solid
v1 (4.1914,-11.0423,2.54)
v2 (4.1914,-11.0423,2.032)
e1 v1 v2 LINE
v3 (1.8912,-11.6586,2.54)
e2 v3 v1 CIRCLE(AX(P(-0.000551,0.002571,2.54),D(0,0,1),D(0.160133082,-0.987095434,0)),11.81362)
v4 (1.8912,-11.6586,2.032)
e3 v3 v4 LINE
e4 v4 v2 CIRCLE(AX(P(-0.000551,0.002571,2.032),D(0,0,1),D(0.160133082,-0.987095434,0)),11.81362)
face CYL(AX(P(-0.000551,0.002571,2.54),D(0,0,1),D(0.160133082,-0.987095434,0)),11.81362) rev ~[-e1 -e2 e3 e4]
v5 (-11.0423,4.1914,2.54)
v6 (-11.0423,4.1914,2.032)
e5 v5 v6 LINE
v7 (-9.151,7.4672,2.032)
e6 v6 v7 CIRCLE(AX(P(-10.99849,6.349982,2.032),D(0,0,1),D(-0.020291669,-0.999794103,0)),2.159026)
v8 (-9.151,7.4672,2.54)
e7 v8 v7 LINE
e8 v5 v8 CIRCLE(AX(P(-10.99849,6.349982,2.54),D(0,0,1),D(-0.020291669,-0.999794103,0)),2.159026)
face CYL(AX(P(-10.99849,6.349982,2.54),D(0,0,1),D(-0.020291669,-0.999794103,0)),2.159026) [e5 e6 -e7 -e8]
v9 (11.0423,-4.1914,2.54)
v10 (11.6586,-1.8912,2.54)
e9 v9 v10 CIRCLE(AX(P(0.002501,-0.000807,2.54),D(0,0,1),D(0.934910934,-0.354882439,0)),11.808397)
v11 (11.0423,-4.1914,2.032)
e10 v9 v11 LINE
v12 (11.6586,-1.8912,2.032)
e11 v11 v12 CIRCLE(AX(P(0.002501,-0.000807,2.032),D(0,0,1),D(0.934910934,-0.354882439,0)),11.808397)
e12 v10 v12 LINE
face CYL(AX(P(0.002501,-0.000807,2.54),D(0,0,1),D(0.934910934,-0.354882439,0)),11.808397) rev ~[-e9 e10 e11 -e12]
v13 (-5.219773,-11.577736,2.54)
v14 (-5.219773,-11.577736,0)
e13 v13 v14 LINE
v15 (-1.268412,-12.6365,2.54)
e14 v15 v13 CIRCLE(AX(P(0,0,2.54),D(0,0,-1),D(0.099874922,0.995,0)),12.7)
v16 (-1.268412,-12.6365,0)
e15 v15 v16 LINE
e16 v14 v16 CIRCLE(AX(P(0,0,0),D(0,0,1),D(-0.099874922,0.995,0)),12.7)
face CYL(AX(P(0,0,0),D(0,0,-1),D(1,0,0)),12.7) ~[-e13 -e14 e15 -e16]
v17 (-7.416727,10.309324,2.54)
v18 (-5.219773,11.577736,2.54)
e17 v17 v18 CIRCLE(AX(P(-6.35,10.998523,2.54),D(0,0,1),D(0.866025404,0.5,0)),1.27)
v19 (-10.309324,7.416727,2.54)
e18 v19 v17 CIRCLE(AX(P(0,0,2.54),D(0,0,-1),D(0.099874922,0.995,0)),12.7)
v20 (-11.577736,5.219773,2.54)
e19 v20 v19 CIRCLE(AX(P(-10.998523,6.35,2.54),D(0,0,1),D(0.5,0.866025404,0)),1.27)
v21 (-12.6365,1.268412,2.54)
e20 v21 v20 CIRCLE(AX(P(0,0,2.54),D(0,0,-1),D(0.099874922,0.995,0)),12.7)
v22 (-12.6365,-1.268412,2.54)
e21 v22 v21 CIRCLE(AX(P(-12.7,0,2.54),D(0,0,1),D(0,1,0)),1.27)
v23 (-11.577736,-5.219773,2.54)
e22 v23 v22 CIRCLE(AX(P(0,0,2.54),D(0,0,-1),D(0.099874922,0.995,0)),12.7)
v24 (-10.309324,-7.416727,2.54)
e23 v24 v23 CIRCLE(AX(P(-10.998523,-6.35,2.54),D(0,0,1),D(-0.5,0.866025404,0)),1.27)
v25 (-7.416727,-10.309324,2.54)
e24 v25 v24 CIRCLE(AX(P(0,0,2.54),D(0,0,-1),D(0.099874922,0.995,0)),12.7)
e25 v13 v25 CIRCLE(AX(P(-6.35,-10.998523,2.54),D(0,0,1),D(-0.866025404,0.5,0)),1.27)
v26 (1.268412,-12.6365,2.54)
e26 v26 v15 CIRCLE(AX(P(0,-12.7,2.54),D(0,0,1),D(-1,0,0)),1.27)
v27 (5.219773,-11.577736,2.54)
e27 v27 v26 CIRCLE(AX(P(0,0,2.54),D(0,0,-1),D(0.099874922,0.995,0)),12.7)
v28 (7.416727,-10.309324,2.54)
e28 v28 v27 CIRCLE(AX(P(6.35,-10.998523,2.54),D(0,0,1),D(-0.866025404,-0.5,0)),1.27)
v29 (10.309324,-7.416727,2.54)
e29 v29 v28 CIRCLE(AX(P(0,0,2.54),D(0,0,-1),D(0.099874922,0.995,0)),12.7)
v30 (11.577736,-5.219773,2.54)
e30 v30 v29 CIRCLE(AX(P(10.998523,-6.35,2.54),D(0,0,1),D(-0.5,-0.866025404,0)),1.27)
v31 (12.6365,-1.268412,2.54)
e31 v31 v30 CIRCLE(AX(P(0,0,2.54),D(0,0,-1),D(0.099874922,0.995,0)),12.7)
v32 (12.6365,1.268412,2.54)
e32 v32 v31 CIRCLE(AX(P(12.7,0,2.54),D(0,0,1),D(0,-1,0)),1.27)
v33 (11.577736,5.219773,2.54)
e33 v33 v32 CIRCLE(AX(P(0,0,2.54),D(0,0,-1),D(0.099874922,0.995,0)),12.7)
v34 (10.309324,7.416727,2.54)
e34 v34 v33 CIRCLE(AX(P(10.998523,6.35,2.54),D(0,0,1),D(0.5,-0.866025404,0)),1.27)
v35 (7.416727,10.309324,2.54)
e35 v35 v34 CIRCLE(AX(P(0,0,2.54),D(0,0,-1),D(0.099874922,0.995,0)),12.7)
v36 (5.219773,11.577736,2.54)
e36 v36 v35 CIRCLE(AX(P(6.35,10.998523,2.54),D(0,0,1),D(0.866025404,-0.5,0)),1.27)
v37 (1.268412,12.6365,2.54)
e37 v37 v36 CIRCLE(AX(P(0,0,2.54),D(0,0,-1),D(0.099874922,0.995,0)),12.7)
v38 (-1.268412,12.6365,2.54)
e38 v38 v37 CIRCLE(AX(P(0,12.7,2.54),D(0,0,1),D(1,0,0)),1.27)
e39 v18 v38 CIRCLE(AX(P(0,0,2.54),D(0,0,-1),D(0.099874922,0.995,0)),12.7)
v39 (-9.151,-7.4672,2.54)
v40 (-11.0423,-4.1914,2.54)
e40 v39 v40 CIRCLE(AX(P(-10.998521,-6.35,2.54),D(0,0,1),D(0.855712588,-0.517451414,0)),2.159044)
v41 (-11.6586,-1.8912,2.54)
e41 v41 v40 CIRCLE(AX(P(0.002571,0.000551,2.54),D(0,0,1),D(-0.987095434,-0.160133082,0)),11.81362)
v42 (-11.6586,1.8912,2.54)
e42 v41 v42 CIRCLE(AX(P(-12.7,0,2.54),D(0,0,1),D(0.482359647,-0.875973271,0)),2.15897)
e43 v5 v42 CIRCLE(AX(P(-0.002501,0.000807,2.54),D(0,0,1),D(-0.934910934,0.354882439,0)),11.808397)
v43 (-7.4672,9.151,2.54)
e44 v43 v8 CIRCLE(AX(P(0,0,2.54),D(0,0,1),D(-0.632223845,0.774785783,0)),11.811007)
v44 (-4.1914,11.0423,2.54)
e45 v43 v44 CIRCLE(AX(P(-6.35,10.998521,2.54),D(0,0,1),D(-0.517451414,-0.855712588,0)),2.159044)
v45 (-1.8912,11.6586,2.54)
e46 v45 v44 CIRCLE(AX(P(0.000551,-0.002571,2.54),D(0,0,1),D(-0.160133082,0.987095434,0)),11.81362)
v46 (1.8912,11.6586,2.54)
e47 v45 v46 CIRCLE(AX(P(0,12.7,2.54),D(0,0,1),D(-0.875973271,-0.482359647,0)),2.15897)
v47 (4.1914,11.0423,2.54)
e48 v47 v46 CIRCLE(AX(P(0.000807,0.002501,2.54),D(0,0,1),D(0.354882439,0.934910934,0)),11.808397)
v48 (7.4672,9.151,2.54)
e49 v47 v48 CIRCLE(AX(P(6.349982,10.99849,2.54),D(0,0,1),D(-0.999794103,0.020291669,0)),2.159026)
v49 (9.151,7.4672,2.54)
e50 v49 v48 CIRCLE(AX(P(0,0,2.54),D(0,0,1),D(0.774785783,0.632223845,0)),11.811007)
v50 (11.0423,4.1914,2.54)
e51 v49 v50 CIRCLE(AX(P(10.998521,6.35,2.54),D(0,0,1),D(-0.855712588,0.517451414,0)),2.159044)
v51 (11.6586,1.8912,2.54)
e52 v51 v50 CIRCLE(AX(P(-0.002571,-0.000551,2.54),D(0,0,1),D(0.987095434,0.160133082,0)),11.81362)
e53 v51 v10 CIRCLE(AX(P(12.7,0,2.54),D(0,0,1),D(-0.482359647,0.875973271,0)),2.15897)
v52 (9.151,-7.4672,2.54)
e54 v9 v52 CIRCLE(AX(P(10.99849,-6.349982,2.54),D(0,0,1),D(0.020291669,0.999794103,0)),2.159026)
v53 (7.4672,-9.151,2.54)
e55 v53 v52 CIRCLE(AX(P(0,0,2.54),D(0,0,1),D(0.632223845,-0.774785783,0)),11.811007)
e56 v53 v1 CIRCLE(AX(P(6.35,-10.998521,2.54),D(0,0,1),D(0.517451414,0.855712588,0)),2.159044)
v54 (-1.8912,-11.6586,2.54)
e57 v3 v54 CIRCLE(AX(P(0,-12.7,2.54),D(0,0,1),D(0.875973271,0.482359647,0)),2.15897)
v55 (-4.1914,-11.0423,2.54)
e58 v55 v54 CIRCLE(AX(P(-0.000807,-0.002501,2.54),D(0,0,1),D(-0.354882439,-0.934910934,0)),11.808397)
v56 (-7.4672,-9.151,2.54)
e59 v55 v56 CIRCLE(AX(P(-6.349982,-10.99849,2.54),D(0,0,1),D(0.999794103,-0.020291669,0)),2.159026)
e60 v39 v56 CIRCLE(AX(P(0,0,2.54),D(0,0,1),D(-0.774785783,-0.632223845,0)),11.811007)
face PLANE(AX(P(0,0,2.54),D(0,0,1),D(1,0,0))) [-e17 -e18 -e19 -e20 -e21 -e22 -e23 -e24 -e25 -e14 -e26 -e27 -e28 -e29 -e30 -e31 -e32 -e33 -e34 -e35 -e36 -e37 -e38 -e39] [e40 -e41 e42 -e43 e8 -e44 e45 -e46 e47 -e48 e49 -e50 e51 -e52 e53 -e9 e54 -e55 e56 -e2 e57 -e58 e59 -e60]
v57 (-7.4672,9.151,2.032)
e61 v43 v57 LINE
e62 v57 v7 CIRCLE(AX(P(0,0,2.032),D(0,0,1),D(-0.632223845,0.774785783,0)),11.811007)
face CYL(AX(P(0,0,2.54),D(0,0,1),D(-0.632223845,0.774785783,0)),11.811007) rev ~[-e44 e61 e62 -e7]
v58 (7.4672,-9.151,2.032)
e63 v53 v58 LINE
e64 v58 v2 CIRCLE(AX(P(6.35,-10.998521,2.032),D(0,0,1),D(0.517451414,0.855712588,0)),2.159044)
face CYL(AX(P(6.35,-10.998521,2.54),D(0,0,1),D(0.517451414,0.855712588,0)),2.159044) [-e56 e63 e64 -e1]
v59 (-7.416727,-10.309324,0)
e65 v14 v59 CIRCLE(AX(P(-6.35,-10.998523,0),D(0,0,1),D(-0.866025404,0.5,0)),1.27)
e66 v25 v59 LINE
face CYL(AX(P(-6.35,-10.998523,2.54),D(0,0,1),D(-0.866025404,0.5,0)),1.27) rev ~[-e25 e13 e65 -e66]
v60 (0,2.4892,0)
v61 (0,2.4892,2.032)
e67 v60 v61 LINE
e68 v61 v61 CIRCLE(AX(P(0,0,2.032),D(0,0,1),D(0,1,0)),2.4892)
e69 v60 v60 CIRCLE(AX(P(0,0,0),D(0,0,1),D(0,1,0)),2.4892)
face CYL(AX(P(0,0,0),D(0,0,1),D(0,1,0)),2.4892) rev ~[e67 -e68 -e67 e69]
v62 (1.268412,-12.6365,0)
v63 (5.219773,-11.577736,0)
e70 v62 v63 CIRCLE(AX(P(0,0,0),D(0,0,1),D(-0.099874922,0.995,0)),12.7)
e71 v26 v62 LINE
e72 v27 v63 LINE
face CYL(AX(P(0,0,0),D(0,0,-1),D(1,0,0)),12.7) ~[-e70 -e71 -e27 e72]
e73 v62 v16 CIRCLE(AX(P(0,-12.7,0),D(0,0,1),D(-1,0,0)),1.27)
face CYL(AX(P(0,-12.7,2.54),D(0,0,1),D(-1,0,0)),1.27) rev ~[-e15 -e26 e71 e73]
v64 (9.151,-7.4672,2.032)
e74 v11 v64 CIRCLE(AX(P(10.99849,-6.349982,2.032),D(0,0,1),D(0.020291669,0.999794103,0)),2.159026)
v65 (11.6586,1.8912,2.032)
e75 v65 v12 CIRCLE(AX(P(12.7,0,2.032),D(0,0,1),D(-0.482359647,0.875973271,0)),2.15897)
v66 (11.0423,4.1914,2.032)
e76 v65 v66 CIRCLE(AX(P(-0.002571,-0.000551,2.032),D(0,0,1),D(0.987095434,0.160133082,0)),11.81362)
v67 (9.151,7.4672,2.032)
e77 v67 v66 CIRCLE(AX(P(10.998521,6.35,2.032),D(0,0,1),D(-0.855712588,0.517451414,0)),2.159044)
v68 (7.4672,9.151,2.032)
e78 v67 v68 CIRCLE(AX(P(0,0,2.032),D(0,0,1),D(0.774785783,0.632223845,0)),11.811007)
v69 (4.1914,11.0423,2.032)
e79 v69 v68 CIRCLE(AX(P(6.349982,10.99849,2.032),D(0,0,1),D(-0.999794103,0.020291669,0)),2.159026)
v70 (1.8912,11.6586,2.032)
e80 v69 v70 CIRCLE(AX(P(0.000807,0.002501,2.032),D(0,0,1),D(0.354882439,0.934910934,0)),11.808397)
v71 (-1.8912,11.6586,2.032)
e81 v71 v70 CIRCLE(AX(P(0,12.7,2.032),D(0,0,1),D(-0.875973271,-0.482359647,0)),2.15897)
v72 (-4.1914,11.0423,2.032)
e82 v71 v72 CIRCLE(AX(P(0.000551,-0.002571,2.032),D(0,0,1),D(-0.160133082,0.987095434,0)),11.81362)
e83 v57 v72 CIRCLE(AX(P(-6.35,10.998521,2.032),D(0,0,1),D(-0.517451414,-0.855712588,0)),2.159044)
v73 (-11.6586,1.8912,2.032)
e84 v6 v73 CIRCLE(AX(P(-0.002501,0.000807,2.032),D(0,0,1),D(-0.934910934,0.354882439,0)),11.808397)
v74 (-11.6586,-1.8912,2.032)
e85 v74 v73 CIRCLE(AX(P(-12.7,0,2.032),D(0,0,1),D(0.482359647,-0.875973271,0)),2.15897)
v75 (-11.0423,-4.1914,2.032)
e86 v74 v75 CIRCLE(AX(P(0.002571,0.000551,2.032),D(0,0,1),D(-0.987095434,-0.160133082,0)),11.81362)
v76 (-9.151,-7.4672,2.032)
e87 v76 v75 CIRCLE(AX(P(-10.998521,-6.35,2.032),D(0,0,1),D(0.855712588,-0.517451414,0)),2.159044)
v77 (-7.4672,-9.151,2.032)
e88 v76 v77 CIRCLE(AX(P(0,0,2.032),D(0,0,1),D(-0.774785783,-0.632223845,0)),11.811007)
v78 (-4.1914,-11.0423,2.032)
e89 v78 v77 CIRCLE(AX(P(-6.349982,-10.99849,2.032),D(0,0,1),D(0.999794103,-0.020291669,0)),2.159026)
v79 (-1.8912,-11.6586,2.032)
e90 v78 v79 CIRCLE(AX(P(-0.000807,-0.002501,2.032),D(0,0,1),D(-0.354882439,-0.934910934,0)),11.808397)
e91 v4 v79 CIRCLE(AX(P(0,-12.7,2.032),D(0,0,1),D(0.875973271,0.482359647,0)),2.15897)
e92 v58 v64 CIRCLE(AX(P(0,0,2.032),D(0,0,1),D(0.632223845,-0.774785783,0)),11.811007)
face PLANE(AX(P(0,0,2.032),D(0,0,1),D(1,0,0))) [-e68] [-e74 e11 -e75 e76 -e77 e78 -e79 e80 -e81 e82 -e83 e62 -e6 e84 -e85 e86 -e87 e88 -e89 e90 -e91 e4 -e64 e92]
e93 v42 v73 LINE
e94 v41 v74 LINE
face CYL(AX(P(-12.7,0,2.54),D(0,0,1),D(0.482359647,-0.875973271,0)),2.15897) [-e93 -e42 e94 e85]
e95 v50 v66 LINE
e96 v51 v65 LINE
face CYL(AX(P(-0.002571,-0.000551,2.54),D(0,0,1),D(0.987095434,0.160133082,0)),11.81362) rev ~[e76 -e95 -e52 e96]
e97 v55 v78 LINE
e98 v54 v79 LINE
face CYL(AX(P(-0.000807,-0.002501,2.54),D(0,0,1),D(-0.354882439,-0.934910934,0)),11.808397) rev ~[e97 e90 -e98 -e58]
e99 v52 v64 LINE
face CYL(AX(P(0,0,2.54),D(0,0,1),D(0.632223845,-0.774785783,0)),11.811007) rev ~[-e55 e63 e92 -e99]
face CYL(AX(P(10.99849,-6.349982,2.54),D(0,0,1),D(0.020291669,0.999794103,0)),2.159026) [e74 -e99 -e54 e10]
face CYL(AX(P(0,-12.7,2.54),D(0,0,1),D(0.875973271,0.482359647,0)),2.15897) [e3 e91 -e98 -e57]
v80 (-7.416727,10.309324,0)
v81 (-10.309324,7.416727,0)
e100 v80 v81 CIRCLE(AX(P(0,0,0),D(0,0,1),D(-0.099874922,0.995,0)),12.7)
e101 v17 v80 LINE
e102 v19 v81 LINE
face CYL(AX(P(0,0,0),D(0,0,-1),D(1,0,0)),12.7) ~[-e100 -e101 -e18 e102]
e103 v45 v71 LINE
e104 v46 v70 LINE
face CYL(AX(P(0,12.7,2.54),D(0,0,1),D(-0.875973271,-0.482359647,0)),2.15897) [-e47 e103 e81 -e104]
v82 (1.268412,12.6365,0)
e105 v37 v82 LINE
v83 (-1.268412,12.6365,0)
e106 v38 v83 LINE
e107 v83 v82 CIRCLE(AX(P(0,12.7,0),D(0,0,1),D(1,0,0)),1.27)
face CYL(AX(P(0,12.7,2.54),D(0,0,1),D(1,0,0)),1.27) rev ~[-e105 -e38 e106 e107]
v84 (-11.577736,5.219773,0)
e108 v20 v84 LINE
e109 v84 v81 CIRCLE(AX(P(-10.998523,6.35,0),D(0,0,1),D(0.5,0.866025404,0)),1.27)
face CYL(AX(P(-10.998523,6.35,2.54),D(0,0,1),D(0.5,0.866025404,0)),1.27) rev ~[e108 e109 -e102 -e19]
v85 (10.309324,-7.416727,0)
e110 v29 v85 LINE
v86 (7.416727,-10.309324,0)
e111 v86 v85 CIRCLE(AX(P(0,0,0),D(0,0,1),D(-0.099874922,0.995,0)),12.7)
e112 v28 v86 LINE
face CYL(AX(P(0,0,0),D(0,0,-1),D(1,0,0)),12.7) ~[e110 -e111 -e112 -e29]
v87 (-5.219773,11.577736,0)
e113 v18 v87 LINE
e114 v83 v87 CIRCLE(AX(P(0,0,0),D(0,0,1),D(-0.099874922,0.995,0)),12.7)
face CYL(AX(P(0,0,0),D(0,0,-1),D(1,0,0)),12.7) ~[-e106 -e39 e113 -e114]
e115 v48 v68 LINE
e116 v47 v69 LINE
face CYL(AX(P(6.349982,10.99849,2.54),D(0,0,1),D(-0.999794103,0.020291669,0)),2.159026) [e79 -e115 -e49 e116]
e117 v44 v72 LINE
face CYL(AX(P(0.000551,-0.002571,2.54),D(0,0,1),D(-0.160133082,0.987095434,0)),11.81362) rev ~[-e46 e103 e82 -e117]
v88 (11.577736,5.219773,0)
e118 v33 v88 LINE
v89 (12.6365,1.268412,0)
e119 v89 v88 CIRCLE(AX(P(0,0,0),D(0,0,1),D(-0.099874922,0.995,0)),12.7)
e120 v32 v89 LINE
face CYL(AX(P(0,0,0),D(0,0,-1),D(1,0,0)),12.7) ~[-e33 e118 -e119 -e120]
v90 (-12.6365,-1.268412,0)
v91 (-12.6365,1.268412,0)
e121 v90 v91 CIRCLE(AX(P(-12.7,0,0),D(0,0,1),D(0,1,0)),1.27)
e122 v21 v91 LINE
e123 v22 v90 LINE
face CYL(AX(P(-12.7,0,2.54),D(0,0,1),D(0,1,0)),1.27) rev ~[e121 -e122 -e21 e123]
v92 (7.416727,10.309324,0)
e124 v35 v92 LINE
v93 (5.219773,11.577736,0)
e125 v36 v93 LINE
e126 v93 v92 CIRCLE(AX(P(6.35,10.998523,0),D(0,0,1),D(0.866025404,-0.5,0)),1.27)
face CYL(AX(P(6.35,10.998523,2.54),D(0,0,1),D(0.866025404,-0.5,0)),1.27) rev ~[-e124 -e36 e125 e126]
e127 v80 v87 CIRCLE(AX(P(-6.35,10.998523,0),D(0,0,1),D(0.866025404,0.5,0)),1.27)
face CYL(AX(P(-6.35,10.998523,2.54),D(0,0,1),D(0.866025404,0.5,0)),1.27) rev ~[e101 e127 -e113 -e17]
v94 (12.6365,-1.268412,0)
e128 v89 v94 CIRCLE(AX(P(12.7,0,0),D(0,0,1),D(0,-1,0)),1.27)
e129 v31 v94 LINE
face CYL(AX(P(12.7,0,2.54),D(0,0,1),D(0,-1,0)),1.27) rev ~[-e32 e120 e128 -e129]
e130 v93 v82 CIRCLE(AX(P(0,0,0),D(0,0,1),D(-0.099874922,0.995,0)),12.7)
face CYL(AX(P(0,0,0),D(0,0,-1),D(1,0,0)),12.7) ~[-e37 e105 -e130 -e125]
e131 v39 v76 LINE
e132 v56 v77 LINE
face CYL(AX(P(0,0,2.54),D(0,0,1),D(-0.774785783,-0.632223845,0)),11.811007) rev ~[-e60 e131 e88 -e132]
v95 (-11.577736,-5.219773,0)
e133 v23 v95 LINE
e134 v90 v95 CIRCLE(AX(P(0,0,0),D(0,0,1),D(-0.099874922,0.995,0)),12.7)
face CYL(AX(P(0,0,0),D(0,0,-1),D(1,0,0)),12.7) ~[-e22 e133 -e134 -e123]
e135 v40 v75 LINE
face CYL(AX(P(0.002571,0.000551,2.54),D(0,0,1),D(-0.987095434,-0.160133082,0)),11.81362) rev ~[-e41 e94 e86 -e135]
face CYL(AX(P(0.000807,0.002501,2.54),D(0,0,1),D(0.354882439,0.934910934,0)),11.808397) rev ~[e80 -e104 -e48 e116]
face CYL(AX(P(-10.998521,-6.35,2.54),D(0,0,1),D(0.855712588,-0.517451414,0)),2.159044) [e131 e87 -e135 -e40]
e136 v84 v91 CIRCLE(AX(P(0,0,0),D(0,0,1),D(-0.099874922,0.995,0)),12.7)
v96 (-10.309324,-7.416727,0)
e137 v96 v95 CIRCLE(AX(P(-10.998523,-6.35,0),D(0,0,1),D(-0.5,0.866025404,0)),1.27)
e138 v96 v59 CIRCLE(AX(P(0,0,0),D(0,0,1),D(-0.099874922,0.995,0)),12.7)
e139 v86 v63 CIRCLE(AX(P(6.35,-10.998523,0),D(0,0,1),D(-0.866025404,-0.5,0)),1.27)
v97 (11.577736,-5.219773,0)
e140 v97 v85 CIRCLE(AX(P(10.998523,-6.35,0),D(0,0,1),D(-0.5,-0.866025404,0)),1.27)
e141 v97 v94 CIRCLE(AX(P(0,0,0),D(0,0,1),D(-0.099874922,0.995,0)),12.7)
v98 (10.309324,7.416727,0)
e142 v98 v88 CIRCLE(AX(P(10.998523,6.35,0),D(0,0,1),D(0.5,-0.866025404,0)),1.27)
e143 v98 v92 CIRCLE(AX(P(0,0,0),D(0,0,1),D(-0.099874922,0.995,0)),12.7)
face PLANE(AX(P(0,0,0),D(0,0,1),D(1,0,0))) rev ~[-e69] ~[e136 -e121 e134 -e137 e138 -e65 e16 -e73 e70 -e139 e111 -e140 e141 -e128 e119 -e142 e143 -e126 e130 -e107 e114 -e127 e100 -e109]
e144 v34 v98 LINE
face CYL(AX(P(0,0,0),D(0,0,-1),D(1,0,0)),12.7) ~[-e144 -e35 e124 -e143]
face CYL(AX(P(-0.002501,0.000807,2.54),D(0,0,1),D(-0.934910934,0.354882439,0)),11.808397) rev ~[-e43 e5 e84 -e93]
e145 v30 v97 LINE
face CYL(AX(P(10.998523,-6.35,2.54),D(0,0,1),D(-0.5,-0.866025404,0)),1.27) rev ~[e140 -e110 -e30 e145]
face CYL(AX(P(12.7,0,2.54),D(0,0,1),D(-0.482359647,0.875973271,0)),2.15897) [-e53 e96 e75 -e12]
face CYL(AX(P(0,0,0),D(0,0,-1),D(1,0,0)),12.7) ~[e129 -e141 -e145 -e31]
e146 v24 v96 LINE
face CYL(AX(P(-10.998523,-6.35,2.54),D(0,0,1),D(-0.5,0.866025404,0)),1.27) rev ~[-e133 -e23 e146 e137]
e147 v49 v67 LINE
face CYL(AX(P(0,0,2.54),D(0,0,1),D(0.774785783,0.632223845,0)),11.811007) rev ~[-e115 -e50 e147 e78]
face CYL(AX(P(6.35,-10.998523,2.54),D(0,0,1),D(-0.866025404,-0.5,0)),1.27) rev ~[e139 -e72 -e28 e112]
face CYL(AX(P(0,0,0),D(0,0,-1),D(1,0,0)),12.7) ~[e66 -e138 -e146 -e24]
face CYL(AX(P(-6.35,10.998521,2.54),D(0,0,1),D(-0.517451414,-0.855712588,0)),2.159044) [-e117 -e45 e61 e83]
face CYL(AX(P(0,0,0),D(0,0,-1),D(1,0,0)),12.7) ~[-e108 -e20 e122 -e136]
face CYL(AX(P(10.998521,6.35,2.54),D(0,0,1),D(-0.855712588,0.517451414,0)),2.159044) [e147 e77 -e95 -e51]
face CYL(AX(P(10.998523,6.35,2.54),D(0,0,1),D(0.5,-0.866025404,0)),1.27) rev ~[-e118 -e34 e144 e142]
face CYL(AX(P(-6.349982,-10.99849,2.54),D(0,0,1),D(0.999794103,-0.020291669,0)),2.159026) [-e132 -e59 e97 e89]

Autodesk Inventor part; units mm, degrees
ref_plane "YZ Plane" through (0, 0, 0) normal (1, 0, 0) x (0, 1, 0)
ref_plane "XZ Plane" through (0, 0, 0) normal (0, 1, 0) x (-1, 0, 0)
ref_plane "XY Plane" through (0, 0, 0) normal (0, 0, 1) x (1, 0, 0)
sketch "Sketch1" plane through (0, 0, 0) normal (0, 0, 1) x (1, 0, 0)
  circle A0 centre (0, 0) radius 12.7
  dimension "d9" = 25.4
extrude "Extrusion1" add sketch "Sketch1" along normal blind 2.54
sketch "Sketch2" plane through (0, 0, 2.54) normal (0, 0, 1) x (1, 0, 0)
  circle A0 centre (0, 12.7) radius 1.27
  dimension "d12" = 2.54
extrude "Extrusion2" cut sketch "Sketch2" against normal through all
pattern_circular "Circular Pattern1" count 12 over 360 about axis through (0, 0, 0) along (0, 0, 1) of "Extrusion2"
sketch "Sketch3" plane through (0, 0, 2.54) normal (0, 0, 1) x (1, 0, 0)
  arc A0 (5.2198, 11.5777) -> (7.4167, 10.3093) centre (6.35, 10.9985) ccw
  arc A1 (5.2198, 11.5777) -> (1.2684, 12.6365) centre (0, 0) ccw
  arc A2 (-1.2684, 12.6365) -> (1.2684, 12.6365) centre (0, 12.7) ccw
  arc A3 (-1.2684, 12.6365) -> (-5.2198, 11.5777) centre (0, 0) ccw
  arc A4 (-7.4167, 10.3093) -> (-5.2198, 11.5777) centre (-6.35, 10.9985) ccw
  arc A5 (-7.4167, 10.3093) -> (-10.3093, 7.4167) centre (0, 0) ccw
  arc A6 (-11.5777, 5.2198) -> (-10.3093, 7.4167) centre (-10.9985, 6.35) ccw
  arc A7 (-11.5777, 5.2198) -> (-12.6365, 1.2684) centre (0, 0) ccw
  arc A8 (-12.6365, -1.2684) -> (-12.6365, 1.2684) centre (-12.7, 0) ccw
  arc A9 (-12.6365, -1.2684) -> (-11.5777, -5.2198) centre (0, 0) ccw
  arc A10 (-10.3093, -7.4167) -> (-11.5777, -5.2198) centre (-10.9985, -6.35) ccw
  arc A11 (-10.3093, -7.4167) -> (-7.4167, -10.3093) centre (0, 0) ccw
  arc A12 (-5.2198, -11.5777) -> (-7.4167, -10.3093) centre (-6.35, -10.9985) ccw
  arc A13 (-5.2198, -11.5777) -> (-1.2684, -12.6365) centre (0, 0) ccw
  arc A14 (1.2684, -12.6365) -> (-1.2684, -12.6365) centre (0, -12.7) ccw
  arc A15 (1.2684, -12.6365) -> (5.2198, -11.5777) centre (0, 0) ccw
  arc A16 (7.4167, -10.3093) -> (5.2198, -11.5777) centre (6.35, -10.9985) ccw
  arc A17 (7.4167, -10.3093) -> (10.3093, -7.4167) centre (0, 0) ccw
  arc A18 (11.5777, -5.2198) -> (10.3093, -7.4167) centre (10.9985, -6.35) ccw
  arc A19 (11.5777, -5.2198) -> (12.6365, -1.2684) centre (0, 0) ccw
  arc A20 (12.6365, 1.2684) -> (12.6365, -1.2684) centre (12.7, 0) ccw
  arc A21 (12.6365, 1.2684) -> (11.5777, 5.2198) centre (0, 0) ccw
  arc A22 (10.3093, 7.4167) -> (11.5777, 5.2198) centre (10.9985, 6.35) ccw
  arc A23 (10.3093, 7.4167) -> (7.4167, 10.3093) centre (0, 0) ccw
  arc A24 (-1.8912, 11.6586) -> (-4.1914, 11.0423) centre (0, 0) ccw
  arc A25 (-1.8912, 11.6586) -> (1.8912, 11.6586) centre (0, 12.7) ccw
  arc A26 (4.1914, 11.0423) -> (1.8912, 11.6586) centre (0, 0) ccw
  arc A27 (4.1914, 11.0423) -> (7.4672, 9.151) centre (6.35, 10.9985) ccw
  arc A28 (9.151, 7.4672) -> (7.4672, 9.151) centre (0, 0) ccw
  arc A29 (9.151, 7.4672) -> (11.0423, 4.1914) centre (10.9985, 6.35) ccw
  arc A30 (11.6586, 1.8912) -> (11.0423, 4.1914) centre (0, 0) ccw
  arc A31 (11.6586, 1.8912) -> (11.6586, -1.8912) centre (12.7, 0) ccw
  arc A32 (11.0423, -4.1914) -> (11.6586, -1.8912) centre (0, 0) ccw
  arc A33 (11.0423, -4.1914) -> (9.151, -7.4672) centre (10.9985, -6.35) ccw
  arc A34 (7.4672, -9.151) -> (9.151, -7.4672) centre (0, 0) ccw
  arc A35 (7.4672, -9.151) -> (4.1914, -11.0423) centre (6.35, -10.9985) ccw
  arc A36 (1.8912, -11.6586) -> (4.1914, -11.0423) centre (0, 0) ccw
  arc A37 (1.8912, -11.6586) -> (-1.8912, -11.6586) centre (0, -12.7) ccw
  arc A38 (-4.1914, -11.0423) -> (-1.8912, -11.6586) centre (0, 0) ccw
  arc A39 (-4.1914, -11.0423) -> (-7.4672, -9.151) centre (-6.35, -10.9985) ccw
  arc A40 (-9.151, -7.4672) -> (-7.4672, -9.151) centre (0, 0) ccw
  arc A41 (-9.151, -7.4672) -> (-11.0423, -4.1914) centre (-10.9985, -6.35) ccw
  arc A42 (-11.6586, -1.8912) -> (-11.0423, -4.1914) centre (0, 0) ccw
  arc A43 (-11.6586, -1.8912) -> (-11.6586, 1.8912) centre (-12.7, 0) ccw
  arc A44 (-11.0423, 4.1914) -> (-11.6586, 1.8912) centre (0, 0) ccw
  arc A45 (-11.0423, 4.1914) -> (-9.151, 7.4672) centre (-10.9985, 6.35) ccw
  arc A46 (-7.4672, 9.151) -> (-9.151, 7.4672) centre (0, 0) ccw
  arc A47 (-7.4672, 9.151) -> (-4.1914, 11.0423) centre (-6.35, 10.9985) ccw
  dimension "d18" = 0.889
extrude "Extrusion3" cut sketch "Sketch3" against normal blind 0.508 contours A25 A26 A27 A28 A29 A30 A31 A32 A33 A34 A35 A36 A37 A38 A39 A40 A41 A42 A43 A44 A45 A46 A47 A24
hole "Hole1" at (0, 0, 0) direction (0, 0, 1) diameter 4.9784 end through all
properties part number "Tripod_Wheel" material "Polypropylene"
